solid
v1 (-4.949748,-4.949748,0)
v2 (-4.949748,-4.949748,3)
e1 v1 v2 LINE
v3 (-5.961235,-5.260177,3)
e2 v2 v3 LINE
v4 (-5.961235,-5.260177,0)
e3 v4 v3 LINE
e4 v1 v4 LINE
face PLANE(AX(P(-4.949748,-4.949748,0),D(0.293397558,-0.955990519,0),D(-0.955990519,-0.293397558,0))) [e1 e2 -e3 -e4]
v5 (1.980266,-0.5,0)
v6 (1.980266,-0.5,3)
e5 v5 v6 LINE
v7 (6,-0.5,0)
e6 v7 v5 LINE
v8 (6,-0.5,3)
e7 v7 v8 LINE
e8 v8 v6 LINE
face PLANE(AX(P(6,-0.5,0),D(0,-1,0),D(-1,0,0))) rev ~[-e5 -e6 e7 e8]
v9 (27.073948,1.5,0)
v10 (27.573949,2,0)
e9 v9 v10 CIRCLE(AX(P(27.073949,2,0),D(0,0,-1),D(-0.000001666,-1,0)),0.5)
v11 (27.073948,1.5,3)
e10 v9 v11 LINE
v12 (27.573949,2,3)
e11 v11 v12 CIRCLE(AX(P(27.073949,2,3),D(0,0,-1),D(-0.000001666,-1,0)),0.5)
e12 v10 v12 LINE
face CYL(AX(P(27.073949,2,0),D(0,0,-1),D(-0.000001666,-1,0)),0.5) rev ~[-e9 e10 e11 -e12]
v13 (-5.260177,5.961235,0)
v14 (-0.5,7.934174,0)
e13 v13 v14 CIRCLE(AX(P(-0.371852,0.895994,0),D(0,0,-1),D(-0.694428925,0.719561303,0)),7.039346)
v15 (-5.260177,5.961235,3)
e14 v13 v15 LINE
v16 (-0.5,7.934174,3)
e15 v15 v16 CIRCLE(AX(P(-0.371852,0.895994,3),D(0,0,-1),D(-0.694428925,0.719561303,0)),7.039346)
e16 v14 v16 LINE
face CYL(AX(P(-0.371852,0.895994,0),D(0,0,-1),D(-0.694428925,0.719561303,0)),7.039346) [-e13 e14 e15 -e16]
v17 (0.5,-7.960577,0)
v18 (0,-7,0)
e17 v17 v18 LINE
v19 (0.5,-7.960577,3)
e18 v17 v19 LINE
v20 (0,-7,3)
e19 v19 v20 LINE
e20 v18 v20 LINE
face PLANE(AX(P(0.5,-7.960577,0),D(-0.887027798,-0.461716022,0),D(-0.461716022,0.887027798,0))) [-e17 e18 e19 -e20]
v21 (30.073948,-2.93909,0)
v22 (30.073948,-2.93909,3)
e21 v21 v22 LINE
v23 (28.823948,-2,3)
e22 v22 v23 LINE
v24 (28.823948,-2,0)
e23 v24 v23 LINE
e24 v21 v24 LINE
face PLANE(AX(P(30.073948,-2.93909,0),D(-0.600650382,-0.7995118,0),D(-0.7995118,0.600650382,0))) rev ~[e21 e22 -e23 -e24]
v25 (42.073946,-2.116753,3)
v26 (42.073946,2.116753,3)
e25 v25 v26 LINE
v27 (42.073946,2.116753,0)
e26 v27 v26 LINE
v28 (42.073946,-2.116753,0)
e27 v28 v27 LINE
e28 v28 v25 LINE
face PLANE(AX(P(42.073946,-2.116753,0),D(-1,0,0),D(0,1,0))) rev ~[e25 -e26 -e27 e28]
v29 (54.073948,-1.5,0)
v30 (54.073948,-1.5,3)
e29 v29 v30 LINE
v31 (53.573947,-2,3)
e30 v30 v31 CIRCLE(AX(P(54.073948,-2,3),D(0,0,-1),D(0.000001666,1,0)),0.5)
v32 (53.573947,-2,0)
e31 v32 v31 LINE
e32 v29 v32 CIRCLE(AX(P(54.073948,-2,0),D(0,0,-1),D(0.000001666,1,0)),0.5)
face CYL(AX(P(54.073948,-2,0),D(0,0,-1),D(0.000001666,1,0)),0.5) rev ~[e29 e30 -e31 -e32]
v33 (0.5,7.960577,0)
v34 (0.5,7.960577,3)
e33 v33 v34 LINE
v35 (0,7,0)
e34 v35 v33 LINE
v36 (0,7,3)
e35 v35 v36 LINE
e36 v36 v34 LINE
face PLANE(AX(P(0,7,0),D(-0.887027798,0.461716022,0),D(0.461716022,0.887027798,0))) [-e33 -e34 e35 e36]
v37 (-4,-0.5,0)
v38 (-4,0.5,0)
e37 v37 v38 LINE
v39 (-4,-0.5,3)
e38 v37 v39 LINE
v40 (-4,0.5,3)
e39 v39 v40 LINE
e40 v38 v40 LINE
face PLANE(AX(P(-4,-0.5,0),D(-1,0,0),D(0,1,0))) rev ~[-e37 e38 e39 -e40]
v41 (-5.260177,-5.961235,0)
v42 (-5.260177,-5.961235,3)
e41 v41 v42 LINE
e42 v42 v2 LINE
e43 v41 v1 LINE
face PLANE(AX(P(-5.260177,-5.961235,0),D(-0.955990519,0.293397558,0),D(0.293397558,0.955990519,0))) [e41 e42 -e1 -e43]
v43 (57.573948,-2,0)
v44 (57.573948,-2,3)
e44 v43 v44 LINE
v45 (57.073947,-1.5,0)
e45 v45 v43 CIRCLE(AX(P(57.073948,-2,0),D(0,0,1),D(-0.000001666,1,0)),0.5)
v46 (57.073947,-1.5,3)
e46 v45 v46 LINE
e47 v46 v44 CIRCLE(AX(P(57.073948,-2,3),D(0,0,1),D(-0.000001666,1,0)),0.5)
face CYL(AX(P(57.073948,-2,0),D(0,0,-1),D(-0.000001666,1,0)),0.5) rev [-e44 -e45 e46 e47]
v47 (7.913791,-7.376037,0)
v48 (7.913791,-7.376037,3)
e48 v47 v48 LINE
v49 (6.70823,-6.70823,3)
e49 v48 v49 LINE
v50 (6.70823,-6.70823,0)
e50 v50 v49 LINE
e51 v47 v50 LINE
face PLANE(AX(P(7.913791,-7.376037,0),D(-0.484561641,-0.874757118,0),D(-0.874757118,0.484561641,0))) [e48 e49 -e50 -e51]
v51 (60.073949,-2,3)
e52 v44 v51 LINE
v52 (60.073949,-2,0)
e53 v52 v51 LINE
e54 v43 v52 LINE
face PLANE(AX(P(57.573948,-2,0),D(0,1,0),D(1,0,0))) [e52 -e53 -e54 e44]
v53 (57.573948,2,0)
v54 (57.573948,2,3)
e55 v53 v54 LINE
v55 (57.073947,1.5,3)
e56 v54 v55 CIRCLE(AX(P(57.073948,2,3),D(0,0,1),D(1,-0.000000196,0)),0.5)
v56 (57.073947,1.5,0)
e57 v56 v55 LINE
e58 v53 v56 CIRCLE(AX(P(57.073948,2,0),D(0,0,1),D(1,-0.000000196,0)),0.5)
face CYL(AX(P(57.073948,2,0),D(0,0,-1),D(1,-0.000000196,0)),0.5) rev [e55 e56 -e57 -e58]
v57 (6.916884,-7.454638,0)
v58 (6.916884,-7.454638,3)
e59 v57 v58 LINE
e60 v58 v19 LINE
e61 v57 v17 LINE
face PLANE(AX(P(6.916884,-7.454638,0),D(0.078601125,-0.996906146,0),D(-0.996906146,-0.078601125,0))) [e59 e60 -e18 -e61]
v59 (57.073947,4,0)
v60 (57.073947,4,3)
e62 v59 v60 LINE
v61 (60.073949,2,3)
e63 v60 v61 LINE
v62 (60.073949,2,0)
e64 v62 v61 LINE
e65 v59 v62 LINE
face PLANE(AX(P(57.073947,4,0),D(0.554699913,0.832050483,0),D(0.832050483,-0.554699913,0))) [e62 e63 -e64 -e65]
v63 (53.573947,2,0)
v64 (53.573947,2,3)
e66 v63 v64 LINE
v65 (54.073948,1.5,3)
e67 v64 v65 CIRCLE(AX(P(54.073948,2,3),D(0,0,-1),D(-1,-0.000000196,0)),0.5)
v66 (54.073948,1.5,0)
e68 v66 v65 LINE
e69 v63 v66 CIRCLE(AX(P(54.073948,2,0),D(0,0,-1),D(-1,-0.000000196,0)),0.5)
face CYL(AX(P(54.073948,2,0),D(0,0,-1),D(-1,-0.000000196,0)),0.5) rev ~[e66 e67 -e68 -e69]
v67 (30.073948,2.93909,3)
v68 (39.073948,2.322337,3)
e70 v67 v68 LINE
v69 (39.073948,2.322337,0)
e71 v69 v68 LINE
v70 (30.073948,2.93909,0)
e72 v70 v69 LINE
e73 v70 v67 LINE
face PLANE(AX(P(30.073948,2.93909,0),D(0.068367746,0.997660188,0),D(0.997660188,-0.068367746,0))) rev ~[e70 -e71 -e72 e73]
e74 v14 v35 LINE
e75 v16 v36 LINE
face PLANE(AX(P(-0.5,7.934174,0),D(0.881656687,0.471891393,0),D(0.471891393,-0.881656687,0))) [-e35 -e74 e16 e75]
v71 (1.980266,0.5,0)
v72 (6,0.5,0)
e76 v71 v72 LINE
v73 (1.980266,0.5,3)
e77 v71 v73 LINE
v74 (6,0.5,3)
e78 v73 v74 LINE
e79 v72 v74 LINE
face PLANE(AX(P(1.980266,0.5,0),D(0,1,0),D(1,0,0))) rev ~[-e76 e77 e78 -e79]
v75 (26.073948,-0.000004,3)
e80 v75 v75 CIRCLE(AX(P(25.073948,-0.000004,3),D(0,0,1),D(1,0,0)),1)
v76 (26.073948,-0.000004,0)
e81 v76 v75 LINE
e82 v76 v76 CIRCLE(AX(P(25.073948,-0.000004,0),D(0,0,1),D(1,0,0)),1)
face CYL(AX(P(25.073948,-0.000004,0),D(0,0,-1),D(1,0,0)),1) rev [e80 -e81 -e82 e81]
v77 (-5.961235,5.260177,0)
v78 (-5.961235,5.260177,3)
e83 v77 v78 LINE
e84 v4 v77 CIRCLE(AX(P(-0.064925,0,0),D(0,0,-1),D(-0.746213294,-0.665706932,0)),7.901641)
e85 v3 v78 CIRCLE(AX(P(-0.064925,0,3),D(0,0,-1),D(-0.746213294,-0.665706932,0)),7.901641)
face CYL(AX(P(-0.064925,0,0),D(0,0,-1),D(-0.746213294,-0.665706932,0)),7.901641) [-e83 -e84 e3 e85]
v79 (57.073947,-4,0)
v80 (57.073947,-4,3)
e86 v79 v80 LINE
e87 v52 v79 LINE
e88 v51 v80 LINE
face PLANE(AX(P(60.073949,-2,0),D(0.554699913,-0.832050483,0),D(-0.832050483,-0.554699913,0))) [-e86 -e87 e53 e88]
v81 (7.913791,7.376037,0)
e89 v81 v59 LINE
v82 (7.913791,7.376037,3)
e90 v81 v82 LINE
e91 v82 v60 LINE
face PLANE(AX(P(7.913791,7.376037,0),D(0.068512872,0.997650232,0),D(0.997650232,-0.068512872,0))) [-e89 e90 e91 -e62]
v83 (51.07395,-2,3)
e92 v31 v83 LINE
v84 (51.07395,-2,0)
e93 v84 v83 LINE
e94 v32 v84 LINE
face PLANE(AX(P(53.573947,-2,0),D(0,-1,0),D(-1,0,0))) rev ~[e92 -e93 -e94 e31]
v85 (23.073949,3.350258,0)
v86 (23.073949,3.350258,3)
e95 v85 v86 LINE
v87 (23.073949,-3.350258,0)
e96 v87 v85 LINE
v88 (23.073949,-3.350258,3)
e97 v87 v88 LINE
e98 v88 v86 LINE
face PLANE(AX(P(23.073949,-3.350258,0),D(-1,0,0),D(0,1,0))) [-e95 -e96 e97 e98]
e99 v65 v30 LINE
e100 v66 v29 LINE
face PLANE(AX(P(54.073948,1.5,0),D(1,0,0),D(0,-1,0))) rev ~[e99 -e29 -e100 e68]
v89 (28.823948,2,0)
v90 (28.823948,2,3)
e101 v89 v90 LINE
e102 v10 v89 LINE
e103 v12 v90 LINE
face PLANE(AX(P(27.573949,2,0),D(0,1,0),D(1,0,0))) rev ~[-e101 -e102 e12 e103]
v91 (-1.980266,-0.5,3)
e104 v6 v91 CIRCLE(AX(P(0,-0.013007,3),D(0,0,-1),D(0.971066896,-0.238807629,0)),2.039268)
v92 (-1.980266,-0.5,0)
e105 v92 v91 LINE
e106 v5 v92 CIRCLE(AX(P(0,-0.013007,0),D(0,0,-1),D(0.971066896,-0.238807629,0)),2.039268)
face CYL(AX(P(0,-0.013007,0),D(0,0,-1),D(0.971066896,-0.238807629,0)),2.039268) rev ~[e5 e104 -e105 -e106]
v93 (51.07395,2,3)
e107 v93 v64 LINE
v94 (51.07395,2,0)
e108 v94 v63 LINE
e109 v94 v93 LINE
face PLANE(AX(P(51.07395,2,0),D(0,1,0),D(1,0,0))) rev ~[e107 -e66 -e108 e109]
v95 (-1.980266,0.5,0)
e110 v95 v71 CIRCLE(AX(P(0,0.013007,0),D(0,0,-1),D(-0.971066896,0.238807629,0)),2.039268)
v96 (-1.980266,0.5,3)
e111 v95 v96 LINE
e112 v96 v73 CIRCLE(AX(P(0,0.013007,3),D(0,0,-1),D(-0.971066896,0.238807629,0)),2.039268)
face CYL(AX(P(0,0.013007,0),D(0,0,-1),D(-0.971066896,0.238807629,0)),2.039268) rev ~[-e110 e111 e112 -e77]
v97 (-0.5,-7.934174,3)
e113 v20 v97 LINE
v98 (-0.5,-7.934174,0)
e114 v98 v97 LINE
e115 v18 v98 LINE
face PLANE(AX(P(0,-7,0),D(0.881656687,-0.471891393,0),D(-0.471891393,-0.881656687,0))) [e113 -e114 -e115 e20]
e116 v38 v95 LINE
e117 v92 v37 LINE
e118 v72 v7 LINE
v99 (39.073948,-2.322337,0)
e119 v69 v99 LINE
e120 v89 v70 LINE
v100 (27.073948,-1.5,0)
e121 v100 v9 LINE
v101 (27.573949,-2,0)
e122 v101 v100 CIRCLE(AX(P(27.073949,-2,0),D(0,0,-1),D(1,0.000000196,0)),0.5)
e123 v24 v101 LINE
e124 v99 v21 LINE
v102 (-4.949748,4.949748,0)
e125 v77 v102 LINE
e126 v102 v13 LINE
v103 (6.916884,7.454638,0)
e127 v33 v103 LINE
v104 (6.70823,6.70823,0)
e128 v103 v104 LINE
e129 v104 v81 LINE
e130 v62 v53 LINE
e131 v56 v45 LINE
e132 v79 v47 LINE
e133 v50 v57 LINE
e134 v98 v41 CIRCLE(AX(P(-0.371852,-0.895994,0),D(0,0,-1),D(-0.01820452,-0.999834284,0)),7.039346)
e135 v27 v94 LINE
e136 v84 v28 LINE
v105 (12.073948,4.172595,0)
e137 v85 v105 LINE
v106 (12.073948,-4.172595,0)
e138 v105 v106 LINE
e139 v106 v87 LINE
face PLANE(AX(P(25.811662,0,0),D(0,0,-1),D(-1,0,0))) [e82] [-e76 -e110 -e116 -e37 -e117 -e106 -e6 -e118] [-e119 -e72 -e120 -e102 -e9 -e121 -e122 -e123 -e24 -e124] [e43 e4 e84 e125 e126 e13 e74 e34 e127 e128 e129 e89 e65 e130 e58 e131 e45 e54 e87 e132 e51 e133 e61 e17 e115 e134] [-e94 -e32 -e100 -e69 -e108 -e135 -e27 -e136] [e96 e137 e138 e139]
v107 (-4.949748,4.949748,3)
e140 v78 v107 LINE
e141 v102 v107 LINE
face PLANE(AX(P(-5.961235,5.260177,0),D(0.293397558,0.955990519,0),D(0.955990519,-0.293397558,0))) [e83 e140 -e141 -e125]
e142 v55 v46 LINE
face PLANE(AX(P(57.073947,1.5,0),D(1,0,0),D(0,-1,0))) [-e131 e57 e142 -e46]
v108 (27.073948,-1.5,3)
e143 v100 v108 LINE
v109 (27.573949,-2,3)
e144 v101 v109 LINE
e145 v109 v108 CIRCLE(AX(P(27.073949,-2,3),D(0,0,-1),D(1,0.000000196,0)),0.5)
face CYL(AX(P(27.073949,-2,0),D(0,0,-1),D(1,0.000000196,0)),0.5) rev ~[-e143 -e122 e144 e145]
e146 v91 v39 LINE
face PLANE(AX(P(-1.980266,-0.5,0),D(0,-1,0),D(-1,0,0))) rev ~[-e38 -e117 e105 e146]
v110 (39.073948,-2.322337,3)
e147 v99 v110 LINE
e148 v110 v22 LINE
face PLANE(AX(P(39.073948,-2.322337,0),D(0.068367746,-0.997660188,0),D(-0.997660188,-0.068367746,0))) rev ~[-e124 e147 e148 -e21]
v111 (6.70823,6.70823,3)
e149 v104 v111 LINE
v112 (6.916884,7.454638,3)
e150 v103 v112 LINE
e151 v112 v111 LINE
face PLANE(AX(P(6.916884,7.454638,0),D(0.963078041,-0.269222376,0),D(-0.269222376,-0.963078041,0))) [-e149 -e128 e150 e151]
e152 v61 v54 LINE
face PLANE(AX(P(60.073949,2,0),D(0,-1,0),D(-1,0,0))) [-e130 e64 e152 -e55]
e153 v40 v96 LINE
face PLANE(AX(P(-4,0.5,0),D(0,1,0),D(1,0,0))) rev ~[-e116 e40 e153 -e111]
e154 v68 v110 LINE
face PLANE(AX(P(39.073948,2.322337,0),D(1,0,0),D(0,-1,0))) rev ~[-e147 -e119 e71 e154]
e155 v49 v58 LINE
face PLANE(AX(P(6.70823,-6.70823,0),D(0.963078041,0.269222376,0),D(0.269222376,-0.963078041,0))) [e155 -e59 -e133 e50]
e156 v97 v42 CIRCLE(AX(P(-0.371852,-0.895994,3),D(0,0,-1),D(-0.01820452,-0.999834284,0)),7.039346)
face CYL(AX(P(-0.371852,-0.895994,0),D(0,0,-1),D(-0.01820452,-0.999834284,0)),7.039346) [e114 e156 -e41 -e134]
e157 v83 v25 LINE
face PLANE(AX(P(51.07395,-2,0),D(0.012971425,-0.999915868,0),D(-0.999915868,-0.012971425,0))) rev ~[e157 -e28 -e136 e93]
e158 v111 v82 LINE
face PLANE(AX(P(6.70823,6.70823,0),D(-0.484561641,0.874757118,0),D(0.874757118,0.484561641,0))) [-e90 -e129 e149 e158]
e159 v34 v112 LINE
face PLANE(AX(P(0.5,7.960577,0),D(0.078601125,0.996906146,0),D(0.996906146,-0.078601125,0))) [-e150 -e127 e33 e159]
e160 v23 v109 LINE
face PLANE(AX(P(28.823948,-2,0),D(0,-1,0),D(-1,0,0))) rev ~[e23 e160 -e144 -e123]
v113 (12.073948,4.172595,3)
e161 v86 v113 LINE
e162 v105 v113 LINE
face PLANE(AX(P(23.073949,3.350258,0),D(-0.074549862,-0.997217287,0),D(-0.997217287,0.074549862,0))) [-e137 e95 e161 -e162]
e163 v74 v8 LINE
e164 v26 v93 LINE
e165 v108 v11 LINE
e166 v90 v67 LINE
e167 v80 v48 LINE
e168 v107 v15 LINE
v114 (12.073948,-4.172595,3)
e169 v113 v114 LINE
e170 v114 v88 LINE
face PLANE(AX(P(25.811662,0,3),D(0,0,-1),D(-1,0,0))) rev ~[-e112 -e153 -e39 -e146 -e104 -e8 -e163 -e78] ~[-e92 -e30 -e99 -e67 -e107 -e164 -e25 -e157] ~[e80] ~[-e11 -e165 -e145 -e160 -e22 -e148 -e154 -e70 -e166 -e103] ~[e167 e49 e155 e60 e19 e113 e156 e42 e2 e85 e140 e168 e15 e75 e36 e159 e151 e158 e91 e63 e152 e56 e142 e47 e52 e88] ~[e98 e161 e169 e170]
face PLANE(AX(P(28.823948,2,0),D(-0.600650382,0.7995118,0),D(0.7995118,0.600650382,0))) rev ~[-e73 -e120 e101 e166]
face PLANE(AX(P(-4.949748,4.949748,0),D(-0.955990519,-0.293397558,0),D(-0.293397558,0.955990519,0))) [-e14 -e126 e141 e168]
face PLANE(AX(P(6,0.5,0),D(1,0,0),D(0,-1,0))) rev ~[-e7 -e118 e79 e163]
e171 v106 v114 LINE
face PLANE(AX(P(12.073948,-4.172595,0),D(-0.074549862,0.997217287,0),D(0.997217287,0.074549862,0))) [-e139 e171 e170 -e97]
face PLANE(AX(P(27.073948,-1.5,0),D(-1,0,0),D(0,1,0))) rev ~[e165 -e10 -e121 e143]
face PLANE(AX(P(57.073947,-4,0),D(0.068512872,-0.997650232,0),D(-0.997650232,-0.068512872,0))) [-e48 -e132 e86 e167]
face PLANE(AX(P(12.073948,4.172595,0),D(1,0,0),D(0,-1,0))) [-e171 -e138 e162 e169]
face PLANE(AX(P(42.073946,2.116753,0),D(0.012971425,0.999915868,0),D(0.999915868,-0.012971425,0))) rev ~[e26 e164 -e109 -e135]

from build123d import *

# Parameters (mm, degrees)
SKETCH_1_R      = 1.000000438
EXTRUDE_1_DEPTH = 3


with BuildPart() as part:
    # 草图1 → 凸台-拉伸1 (new body)
    with BuildSketch(Plane.XY):
        with BuildLine():
            Line((60.073949397, -2.000000095), (57.073947042, -4.00000019))
            Line((57.073947042, -4.00000019), (7.913790643, -7.376036607))
            Line((7.913790643, -7.376036607), (6.708230358, -6.708230358))
            Line((6.708230358, -6.708230358), (6.916883867, -7.454637904))
            Line((6.916883867, -7.454637904), (0.500000024, -7.960577495))
            Line((0.500000024, -7.960577495), (0, -7.000000216))
            Line((0, -7.000000216), (-0.500000024, -7.934173569))
            ThreePointArc((-0.500000024, -7.934173569), (-3.067102082, -7.398918018), (-5.260177422, -5.961235147))
            Line((-5.260177422, -5.961235147), (-4.949747585, -4.949747585))
            Line((-4.949747585, -4.949747585), (-5.961235147, -5.260177422))
            ThreePointArc((-5.961235147, -5.260177422), (-7.966566676, 0), (-5.961235147, 5.260177422))
            Line((-5.961235147, 5.260177422), (-4.949747585, 4.949747585))
            Line((-4.949747585, 4.949747585), (-5.260177422, 5.961235147))
            ThreePointArc((-5.260177422, 5.961235147), (-3.067102082, 7.398918018), (-0.500000024, 7.934173569))
            Line((-0.500000024, 7.934173569), (0, 7.000000216))
            Line((0, 7.000000216), (0.500000024, 7.960577495))
            Line((0.500000024, 7.960577495), (6.916883867, 7.454637904))
            Line((6.916883867, 7.454637904), (6.708230358, 6.708230358))
            Line((6.708230358, 6.708230358), (7.913790643, 7.376036607))
            Line((7.913790643, 7.376036607), (57.073947042, 4.00000019))
            Line((57.073947042, 4.00000019), (60.073949397, 2.000000095))
            Line((60.073949397, 2.000000095), (57.573948056, 2.000000095))
            ThreePointArc((57.573948056, 2.000000095), (56.720394687, 2.35355404), (57.073947042, 1.500000013))
            Line((57.073947042, 1.500000013), (57.073947042, -1.500000013))
            ThreePointArc((57.073947042, -1.500000013), (56.720394687, -2.35355404), (57.573948055, -2.000000095))
            Line((57.573948055, -2.000000095), (60.073949397, -2.000000095))
        make_face()
        with Locations((25.073947659, -3.992e-06)):
            Circle(SKETCH_1_R, mode=Mode.SUBTRACT)
        with BuildLine():
            Line((42.073946446, 2.116752788), (51.073949784, 2.000000095))
            Line((51.073949784, 2.000000095), (53.5739474, 2.000000095))
            ThreePointArc((53.5739474, 2.000000095), (54.427500768, 2.35355404), (54.073948413, 1.500000013))
            Line((54.073948413, 1.500000013), (54.073948413, -1.500000013))
            ThreePointArc((54.073948413, -1.500000013), (54.427500768, -2.35355404), (53.5739474, -2.000000095))
            Line((53.5739474, -2.000000095), (51.073949784, -2.000000095))
            Line((51.073949784, -2.000000095), (42.073946446, -2.116752788))
            Line((42.073946446, -2.116752788), (42.073946446, 2.116752788))
        make_face(mode=Mode.SUBTRACT)
        with BuildLine():
            Line((27.573948726, 2.000000095), (28.823947534, 2.000000095))
            Line((28.823947534, 2.000000095), (30.073948204, 2.9390899))
            Line((30.073948204, 2.9390899), (39.073947817, 2.322337125))
            Line((39.073947817, 2.322337125), (39.073947817, -2.322337125))
            Line((39.073947817, -2.322337125), (30.073948204, -2.9390899))
            Line((30.073948204, -2.9390899), (28.823947534, -2.000000095))
            Line((28.823947534, -2.000000095), (27.573948726, -2.000000095))
            ThreePointArc((27.573948726, -2.000000095), (26.720395358, -2.35355404), (27.073947713, -1.500000013))
            Line((27.073947713, -1.500000013), (27.073947713, 1.500000013))
            ThreePointArc((27.073947713, 1.500000013), (26.720395358, 2.35355404), (27.573948726, 2.000000095))
        make_face(mode=Mode.SUBTRACT)
        with BuildLine():
            Line((-4.00000019, 0.500000024), (-1.980265602, 0.500000024))
            ThreePointArc((-1.980265602, 0.500000024), (0, 2.052275233), (1.980265603, 0.500000024))
            Line((1.980265603, 0.500000024), (6.000000052, 0.500000024))
            Line((6.000000052, 0.500000024), (6.000000052, -0.500000024))
            Line((6.000000052, -0.500000024), (1.980265602, -0.500000024))
            ThreePointArc((1.980265602, -0.500000024), (0, -2.052275233), (-1.980265603, -0.500000024))
            Line((-1.980265603, -0.500000024), (-4.00000019, -0.500000024))
            Line((-4.00000019, -0.500000024), (-4.00000019, 0.500000024))
        make_face(mode=Mode.SUBTRACT)
        Polygon((12.073948048, -4.172595218), (23.07394892, -3.350258339), (23.07394892, 3.350258339), (12.073948048, 4.172595218), align=None, mode=Mode.SUBTRACT)
    extrude(amount=EXTRUDE_1_DEPTH)


solid = part.part
